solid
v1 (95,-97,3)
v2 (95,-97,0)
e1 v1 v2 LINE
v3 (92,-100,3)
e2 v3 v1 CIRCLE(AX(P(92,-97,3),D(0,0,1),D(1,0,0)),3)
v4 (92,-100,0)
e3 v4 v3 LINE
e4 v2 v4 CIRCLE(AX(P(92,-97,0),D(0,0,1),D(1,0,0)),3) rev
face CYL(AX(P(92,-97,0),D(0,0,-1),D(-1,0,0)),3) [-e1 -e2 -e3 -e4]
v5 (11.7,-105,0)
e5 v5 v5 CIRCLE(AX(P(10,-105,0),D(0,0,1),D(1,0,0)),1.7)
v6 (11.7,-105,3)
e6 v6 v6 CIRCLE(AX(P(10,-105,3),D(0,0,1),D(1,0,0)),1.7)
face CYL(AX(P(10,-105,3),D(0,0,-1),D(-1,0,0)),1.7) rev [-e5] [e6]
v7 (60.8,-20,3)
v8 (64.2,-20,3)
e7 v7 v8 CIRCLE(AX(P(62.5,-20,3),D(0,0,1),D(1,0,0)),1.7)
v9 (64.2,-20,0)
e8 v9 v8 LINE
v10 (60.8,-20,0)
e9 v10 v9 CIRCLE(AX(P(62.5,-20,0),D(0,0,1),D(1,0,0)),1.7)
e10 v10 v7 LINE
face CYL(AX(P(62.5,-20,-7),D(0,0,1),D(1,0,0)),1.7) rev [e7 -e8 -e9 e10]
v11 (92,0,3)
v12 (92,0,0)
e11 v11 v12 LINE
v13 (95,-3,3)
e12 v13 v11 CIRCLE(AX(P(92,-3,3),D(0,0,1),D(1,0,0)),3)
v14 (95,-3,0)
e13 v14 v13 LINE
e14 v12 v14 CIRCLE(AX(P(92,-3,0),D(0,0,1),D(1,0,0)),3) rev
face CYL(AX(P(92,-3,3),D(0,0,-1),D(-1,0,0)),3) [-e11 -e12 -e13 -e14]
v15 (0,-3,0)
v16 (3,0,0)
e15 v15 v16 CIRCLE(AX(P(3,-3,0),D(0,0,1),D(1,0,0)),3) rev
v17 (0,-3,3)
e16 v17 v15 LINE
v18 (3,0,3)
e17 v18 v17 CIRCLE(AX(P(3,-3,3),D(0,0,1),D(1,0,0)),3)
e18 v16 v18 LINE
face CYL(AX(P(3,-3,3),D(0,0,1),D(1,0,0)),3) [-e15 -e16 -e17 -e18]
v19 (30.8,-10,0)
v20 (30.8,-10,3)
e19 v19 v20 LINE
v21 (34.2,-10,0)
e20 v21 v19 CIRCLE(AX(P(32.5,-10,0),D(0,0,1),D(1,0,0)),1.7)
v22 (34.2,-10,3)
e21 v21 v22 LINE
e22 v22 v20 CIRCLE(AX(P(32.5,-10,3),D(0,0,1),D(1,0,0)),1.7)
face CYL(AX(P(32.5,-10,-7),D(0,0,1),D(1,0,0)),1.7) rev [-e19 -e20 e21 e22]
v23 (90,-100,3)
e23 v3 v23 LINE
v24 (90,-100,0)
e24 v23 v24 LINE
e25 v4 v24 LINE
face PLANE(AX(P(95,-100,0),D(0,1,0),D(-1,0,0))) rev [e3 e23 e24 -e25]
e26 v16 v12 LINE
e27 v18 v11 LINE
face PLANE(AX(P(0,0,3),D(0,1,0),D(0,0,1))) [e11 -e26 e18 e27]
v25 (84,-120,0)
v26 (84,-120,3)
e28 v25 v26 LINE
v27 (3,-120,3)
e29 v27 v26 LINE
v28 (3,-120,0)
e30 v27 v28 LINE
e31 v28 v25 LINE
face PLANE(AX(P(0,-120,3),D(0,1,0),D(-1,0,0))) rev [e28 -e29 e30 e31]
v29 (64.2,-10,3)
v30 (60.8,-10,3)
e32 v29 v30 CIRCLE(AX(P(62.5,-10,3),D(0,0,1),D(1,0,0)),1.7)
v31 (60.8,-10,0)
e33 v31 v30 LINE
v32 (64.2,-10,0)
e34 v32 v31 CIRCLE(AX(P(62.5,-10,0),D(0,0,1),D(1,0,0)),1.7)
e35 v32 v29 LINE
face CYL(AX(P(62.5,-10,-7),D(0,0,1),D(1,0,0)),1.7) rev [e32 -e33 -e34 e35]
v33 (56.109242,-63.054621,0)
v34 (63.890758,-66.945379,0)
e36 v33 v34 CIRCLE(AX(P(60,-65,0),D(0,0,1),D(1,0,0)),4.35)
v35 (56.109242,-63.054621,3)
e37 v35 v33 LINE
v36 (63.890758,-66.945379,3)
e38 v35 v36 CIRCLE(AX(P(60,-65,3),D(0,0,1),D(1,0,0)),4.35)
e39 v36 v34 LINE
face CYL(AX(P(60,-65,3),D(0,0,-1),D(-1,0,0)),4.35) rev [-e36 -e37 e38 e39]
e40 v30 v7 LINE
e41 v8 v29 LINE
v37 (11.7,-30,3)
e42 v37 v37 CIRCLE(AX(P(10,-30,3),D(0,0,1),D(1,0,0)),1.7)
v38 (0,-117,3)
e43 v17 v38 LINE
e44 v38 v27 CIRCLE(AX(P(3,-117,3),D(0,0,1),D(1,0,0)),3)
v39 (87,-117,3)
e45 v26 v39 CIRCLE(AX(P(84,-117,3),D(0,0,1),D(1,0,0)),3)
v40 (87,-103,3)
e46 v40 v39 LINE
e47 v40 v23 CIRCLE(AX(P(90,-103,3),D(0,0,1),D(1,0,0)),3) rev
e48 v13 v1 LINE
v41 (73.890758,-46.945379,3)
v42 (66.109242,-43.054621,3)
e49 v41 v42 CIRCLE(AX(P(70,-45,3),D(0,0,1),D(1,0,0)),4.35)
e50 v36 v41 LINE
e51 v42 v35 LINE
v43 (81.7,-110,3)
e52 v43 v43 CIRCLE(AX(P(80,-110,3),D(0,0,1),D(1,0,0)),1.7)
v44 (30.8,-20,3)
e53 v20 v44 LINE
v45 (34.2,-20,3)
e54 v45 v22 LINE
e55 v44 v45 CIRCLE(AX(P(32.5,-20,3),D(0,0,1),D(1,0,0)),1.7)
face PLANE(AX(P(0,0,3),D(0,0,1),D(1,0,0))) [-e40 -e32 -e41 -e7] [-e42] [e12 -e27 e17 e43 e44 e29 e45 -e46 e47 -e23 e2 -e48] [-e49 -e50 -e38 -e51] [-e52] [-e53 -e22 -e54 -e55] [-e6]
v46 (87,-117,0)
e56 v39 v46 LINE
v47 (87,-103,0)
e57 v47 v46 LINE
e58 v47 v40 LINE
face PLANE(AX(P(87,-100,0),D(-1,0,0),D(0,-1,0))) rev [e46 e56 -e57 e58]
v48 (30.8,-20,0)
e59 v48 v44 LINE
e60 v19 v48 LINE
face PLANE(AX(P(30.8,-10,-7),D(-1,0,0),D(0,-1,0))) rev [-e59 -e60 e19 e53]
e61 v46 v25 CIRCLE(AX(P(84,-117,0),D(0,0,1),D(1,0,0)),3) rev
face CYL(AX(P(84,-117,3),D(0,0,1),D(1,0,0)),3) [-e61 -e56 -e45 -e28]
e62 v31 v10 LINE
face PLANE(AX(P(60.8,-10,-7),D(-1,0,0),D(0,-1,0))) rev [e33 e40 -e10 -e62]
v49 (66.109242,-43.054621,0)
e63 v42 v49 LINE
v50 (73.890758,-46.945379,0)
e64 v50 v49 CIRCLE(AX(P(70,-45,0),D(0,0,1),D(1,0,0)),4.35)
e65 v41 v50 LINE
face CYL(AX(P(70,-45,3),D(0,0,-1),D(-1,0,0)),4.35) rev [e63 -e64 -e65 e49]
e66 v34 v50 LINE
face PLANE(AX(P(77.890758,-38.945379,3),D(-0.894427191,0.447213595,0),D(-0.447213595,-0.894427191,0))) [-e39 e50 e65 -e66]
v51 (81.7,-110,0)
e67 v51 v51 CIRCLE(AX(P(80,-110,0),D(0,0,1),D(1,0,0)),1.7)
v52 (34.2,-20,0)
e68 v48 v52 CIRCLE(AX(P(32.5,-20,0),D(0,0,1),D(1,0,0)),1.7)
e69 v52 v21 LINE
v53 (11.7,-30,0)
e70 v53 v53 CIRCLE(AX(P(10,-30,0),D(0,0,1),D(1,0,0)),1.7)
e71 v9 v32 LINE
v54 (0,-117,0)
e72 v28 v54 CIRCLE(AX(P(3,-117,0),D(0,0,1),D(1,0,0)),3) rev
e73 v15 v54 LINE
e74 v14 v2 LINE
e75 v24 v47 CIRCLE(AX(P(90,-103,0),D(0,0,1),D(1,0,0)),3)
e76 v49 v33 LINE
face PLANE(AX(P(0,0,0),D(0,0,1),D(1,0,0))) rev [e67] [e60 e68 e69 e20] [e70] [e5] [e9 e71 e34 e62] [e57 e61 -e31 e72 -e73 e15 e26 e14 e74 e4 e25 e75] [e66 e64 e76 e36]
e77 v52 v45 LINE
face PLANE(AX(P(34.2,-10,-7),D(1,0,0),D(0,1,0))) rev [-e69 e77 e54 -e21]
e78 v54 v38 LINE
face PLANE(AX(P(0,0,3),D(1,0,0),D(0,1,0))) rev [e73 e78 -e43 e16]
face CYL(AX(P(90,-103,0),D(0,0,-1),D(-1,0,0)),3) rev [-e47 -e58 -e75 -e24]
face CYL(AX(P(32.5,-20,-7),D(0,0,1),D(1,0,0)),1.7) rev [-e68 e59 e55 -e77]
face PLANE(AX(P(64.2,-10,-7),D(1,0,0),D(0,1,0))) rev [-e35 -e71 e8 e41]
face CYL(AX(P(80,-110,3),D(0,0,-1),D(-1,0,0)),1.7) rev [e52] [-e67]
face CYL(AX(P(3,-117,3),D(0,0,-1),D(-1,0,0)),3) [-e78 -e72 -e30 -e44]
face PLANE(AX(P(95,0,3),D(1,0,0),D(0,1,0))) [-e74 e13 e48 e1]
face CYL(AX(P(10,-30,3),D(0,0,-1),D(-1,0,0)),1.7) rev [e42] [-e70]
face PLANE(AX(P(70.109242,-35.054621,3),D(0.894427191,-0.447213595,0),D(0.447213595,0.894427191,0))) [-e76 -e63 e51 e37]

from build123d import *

# Parameters (mm, degrees)
SKETCH1_W           = 95
SKETCH1_H           = 120
SKETCH1_R           = 1.7
BOSS_EXTRUDE1_DEPTH = 3
FILLET1_R           = 3
CUT_EXTRUDE1_DEPTH  = 10
SKETCH3_W           = 8
SKETCH3_H           = 20
CUT_EXTRUDE2_DEPTH  = 4
FILLET2_R           = 3


with BuildPart() as part:
    # Sketch1 → Boss-Extrude1 (new body)
    with BuildSketch(Plane.XY):
        with Locations((47.5, -60)):
            Rectangle(SKETCH1_W, SKETCH1_H)
        with Locations((10, -105)):
            Circle(SKETCH1_R, mode=Mode.SUBTRACT)
        with Locations((80, -110)):
            Circle(SKETCH1_R, mode=Mode.SUBTRACT)
        with Locations((10, -30)):
            Circle(SKETCH1_R, mode=Mode.SUBTRACT)
        with BuildLine():
            Line((56.109241719, -63.05462086), (66.109241719, -43.05462086))
            ThreePointArc((66.109241719, -43.05462086), (70.999425204, -40.766366896), (74.35, -45))
            ThreePointArc((74.35, -45), (74.233633104, -45.999425204), (73.890758281, -46.94537914))
            Line((73.890758281, -46.94537914), (63.890758281, -66.94537914))
            ThreePointArc((63.890758281, -66.94537914), (58.05462086, -68.890758281), (56.109241719, -63.05462086))
        make_face(mode=Mode.SUBTRACT)
    extrude(amount=BOSS_EXTRUDE1_DEPTH)

    # Fillet1
    fillet1_edges = [part.edges().sort_by_distance(p)[0] for p in [
        (0, -120, 1.5),
        (0, 0, 1.5),
        (95, 0, 1.5),
        (95, -120, 1.5),
    ]]
    fillet(fillet1_edges, radius=FILLET1_R)

    # Sketch2 → Cut-Extrude1 (cut)
    with BuildSketch(Plane.XY.offset(3)):
        with BuildLine():
            Line((30.8, -10), (30.8, -20))
            ThreePointArc((30.8, -20), (32.5, -21.7), (34.2, -20))
            Line((34.2, -20), (34.2, -10))
            ThreePointArc((34.2, -10), (32.5, -8.3), (30.8, -10))
        make_face()
        with BuildLine():
            Line((60.8, -10), (60.8, -20))
            ThreePointArc((60.8, -20), (62.5, -21.7), (64.2, -20))
            Line((64.2, -20), (64.2, -10))
            ThreePointArc((64.2, -10), (62.5, -8.3), (60.8, -10))
        make_face()
    extrude(amount=-CUT_EXTRUDE1_DEPTH, mode=Mode.SUBTRACT)

    # Sketch3 → Cut-Extrude2 (cut, through all)
    with BuildSketch(Plane.XY.offset(3)):
        with Locations((91, -110)):
            Rectangle(SKETCH3_W, SKETCH3_H)
    extrude(amount=-CUT_EXTRUDE2_DEPTH, mode=Mode.SUBTRACT)

    # Fillet2
    fillet2_edges = [part.edges().sort_by_distance(p)[0] for p in [
        (95, -100, 1.5),
        (87, -120, 1.5),
        (87, -100, 1.5),
    ]]
    fillet(fillet2_edges, radius=FILLET2_R)


solid = part.part
